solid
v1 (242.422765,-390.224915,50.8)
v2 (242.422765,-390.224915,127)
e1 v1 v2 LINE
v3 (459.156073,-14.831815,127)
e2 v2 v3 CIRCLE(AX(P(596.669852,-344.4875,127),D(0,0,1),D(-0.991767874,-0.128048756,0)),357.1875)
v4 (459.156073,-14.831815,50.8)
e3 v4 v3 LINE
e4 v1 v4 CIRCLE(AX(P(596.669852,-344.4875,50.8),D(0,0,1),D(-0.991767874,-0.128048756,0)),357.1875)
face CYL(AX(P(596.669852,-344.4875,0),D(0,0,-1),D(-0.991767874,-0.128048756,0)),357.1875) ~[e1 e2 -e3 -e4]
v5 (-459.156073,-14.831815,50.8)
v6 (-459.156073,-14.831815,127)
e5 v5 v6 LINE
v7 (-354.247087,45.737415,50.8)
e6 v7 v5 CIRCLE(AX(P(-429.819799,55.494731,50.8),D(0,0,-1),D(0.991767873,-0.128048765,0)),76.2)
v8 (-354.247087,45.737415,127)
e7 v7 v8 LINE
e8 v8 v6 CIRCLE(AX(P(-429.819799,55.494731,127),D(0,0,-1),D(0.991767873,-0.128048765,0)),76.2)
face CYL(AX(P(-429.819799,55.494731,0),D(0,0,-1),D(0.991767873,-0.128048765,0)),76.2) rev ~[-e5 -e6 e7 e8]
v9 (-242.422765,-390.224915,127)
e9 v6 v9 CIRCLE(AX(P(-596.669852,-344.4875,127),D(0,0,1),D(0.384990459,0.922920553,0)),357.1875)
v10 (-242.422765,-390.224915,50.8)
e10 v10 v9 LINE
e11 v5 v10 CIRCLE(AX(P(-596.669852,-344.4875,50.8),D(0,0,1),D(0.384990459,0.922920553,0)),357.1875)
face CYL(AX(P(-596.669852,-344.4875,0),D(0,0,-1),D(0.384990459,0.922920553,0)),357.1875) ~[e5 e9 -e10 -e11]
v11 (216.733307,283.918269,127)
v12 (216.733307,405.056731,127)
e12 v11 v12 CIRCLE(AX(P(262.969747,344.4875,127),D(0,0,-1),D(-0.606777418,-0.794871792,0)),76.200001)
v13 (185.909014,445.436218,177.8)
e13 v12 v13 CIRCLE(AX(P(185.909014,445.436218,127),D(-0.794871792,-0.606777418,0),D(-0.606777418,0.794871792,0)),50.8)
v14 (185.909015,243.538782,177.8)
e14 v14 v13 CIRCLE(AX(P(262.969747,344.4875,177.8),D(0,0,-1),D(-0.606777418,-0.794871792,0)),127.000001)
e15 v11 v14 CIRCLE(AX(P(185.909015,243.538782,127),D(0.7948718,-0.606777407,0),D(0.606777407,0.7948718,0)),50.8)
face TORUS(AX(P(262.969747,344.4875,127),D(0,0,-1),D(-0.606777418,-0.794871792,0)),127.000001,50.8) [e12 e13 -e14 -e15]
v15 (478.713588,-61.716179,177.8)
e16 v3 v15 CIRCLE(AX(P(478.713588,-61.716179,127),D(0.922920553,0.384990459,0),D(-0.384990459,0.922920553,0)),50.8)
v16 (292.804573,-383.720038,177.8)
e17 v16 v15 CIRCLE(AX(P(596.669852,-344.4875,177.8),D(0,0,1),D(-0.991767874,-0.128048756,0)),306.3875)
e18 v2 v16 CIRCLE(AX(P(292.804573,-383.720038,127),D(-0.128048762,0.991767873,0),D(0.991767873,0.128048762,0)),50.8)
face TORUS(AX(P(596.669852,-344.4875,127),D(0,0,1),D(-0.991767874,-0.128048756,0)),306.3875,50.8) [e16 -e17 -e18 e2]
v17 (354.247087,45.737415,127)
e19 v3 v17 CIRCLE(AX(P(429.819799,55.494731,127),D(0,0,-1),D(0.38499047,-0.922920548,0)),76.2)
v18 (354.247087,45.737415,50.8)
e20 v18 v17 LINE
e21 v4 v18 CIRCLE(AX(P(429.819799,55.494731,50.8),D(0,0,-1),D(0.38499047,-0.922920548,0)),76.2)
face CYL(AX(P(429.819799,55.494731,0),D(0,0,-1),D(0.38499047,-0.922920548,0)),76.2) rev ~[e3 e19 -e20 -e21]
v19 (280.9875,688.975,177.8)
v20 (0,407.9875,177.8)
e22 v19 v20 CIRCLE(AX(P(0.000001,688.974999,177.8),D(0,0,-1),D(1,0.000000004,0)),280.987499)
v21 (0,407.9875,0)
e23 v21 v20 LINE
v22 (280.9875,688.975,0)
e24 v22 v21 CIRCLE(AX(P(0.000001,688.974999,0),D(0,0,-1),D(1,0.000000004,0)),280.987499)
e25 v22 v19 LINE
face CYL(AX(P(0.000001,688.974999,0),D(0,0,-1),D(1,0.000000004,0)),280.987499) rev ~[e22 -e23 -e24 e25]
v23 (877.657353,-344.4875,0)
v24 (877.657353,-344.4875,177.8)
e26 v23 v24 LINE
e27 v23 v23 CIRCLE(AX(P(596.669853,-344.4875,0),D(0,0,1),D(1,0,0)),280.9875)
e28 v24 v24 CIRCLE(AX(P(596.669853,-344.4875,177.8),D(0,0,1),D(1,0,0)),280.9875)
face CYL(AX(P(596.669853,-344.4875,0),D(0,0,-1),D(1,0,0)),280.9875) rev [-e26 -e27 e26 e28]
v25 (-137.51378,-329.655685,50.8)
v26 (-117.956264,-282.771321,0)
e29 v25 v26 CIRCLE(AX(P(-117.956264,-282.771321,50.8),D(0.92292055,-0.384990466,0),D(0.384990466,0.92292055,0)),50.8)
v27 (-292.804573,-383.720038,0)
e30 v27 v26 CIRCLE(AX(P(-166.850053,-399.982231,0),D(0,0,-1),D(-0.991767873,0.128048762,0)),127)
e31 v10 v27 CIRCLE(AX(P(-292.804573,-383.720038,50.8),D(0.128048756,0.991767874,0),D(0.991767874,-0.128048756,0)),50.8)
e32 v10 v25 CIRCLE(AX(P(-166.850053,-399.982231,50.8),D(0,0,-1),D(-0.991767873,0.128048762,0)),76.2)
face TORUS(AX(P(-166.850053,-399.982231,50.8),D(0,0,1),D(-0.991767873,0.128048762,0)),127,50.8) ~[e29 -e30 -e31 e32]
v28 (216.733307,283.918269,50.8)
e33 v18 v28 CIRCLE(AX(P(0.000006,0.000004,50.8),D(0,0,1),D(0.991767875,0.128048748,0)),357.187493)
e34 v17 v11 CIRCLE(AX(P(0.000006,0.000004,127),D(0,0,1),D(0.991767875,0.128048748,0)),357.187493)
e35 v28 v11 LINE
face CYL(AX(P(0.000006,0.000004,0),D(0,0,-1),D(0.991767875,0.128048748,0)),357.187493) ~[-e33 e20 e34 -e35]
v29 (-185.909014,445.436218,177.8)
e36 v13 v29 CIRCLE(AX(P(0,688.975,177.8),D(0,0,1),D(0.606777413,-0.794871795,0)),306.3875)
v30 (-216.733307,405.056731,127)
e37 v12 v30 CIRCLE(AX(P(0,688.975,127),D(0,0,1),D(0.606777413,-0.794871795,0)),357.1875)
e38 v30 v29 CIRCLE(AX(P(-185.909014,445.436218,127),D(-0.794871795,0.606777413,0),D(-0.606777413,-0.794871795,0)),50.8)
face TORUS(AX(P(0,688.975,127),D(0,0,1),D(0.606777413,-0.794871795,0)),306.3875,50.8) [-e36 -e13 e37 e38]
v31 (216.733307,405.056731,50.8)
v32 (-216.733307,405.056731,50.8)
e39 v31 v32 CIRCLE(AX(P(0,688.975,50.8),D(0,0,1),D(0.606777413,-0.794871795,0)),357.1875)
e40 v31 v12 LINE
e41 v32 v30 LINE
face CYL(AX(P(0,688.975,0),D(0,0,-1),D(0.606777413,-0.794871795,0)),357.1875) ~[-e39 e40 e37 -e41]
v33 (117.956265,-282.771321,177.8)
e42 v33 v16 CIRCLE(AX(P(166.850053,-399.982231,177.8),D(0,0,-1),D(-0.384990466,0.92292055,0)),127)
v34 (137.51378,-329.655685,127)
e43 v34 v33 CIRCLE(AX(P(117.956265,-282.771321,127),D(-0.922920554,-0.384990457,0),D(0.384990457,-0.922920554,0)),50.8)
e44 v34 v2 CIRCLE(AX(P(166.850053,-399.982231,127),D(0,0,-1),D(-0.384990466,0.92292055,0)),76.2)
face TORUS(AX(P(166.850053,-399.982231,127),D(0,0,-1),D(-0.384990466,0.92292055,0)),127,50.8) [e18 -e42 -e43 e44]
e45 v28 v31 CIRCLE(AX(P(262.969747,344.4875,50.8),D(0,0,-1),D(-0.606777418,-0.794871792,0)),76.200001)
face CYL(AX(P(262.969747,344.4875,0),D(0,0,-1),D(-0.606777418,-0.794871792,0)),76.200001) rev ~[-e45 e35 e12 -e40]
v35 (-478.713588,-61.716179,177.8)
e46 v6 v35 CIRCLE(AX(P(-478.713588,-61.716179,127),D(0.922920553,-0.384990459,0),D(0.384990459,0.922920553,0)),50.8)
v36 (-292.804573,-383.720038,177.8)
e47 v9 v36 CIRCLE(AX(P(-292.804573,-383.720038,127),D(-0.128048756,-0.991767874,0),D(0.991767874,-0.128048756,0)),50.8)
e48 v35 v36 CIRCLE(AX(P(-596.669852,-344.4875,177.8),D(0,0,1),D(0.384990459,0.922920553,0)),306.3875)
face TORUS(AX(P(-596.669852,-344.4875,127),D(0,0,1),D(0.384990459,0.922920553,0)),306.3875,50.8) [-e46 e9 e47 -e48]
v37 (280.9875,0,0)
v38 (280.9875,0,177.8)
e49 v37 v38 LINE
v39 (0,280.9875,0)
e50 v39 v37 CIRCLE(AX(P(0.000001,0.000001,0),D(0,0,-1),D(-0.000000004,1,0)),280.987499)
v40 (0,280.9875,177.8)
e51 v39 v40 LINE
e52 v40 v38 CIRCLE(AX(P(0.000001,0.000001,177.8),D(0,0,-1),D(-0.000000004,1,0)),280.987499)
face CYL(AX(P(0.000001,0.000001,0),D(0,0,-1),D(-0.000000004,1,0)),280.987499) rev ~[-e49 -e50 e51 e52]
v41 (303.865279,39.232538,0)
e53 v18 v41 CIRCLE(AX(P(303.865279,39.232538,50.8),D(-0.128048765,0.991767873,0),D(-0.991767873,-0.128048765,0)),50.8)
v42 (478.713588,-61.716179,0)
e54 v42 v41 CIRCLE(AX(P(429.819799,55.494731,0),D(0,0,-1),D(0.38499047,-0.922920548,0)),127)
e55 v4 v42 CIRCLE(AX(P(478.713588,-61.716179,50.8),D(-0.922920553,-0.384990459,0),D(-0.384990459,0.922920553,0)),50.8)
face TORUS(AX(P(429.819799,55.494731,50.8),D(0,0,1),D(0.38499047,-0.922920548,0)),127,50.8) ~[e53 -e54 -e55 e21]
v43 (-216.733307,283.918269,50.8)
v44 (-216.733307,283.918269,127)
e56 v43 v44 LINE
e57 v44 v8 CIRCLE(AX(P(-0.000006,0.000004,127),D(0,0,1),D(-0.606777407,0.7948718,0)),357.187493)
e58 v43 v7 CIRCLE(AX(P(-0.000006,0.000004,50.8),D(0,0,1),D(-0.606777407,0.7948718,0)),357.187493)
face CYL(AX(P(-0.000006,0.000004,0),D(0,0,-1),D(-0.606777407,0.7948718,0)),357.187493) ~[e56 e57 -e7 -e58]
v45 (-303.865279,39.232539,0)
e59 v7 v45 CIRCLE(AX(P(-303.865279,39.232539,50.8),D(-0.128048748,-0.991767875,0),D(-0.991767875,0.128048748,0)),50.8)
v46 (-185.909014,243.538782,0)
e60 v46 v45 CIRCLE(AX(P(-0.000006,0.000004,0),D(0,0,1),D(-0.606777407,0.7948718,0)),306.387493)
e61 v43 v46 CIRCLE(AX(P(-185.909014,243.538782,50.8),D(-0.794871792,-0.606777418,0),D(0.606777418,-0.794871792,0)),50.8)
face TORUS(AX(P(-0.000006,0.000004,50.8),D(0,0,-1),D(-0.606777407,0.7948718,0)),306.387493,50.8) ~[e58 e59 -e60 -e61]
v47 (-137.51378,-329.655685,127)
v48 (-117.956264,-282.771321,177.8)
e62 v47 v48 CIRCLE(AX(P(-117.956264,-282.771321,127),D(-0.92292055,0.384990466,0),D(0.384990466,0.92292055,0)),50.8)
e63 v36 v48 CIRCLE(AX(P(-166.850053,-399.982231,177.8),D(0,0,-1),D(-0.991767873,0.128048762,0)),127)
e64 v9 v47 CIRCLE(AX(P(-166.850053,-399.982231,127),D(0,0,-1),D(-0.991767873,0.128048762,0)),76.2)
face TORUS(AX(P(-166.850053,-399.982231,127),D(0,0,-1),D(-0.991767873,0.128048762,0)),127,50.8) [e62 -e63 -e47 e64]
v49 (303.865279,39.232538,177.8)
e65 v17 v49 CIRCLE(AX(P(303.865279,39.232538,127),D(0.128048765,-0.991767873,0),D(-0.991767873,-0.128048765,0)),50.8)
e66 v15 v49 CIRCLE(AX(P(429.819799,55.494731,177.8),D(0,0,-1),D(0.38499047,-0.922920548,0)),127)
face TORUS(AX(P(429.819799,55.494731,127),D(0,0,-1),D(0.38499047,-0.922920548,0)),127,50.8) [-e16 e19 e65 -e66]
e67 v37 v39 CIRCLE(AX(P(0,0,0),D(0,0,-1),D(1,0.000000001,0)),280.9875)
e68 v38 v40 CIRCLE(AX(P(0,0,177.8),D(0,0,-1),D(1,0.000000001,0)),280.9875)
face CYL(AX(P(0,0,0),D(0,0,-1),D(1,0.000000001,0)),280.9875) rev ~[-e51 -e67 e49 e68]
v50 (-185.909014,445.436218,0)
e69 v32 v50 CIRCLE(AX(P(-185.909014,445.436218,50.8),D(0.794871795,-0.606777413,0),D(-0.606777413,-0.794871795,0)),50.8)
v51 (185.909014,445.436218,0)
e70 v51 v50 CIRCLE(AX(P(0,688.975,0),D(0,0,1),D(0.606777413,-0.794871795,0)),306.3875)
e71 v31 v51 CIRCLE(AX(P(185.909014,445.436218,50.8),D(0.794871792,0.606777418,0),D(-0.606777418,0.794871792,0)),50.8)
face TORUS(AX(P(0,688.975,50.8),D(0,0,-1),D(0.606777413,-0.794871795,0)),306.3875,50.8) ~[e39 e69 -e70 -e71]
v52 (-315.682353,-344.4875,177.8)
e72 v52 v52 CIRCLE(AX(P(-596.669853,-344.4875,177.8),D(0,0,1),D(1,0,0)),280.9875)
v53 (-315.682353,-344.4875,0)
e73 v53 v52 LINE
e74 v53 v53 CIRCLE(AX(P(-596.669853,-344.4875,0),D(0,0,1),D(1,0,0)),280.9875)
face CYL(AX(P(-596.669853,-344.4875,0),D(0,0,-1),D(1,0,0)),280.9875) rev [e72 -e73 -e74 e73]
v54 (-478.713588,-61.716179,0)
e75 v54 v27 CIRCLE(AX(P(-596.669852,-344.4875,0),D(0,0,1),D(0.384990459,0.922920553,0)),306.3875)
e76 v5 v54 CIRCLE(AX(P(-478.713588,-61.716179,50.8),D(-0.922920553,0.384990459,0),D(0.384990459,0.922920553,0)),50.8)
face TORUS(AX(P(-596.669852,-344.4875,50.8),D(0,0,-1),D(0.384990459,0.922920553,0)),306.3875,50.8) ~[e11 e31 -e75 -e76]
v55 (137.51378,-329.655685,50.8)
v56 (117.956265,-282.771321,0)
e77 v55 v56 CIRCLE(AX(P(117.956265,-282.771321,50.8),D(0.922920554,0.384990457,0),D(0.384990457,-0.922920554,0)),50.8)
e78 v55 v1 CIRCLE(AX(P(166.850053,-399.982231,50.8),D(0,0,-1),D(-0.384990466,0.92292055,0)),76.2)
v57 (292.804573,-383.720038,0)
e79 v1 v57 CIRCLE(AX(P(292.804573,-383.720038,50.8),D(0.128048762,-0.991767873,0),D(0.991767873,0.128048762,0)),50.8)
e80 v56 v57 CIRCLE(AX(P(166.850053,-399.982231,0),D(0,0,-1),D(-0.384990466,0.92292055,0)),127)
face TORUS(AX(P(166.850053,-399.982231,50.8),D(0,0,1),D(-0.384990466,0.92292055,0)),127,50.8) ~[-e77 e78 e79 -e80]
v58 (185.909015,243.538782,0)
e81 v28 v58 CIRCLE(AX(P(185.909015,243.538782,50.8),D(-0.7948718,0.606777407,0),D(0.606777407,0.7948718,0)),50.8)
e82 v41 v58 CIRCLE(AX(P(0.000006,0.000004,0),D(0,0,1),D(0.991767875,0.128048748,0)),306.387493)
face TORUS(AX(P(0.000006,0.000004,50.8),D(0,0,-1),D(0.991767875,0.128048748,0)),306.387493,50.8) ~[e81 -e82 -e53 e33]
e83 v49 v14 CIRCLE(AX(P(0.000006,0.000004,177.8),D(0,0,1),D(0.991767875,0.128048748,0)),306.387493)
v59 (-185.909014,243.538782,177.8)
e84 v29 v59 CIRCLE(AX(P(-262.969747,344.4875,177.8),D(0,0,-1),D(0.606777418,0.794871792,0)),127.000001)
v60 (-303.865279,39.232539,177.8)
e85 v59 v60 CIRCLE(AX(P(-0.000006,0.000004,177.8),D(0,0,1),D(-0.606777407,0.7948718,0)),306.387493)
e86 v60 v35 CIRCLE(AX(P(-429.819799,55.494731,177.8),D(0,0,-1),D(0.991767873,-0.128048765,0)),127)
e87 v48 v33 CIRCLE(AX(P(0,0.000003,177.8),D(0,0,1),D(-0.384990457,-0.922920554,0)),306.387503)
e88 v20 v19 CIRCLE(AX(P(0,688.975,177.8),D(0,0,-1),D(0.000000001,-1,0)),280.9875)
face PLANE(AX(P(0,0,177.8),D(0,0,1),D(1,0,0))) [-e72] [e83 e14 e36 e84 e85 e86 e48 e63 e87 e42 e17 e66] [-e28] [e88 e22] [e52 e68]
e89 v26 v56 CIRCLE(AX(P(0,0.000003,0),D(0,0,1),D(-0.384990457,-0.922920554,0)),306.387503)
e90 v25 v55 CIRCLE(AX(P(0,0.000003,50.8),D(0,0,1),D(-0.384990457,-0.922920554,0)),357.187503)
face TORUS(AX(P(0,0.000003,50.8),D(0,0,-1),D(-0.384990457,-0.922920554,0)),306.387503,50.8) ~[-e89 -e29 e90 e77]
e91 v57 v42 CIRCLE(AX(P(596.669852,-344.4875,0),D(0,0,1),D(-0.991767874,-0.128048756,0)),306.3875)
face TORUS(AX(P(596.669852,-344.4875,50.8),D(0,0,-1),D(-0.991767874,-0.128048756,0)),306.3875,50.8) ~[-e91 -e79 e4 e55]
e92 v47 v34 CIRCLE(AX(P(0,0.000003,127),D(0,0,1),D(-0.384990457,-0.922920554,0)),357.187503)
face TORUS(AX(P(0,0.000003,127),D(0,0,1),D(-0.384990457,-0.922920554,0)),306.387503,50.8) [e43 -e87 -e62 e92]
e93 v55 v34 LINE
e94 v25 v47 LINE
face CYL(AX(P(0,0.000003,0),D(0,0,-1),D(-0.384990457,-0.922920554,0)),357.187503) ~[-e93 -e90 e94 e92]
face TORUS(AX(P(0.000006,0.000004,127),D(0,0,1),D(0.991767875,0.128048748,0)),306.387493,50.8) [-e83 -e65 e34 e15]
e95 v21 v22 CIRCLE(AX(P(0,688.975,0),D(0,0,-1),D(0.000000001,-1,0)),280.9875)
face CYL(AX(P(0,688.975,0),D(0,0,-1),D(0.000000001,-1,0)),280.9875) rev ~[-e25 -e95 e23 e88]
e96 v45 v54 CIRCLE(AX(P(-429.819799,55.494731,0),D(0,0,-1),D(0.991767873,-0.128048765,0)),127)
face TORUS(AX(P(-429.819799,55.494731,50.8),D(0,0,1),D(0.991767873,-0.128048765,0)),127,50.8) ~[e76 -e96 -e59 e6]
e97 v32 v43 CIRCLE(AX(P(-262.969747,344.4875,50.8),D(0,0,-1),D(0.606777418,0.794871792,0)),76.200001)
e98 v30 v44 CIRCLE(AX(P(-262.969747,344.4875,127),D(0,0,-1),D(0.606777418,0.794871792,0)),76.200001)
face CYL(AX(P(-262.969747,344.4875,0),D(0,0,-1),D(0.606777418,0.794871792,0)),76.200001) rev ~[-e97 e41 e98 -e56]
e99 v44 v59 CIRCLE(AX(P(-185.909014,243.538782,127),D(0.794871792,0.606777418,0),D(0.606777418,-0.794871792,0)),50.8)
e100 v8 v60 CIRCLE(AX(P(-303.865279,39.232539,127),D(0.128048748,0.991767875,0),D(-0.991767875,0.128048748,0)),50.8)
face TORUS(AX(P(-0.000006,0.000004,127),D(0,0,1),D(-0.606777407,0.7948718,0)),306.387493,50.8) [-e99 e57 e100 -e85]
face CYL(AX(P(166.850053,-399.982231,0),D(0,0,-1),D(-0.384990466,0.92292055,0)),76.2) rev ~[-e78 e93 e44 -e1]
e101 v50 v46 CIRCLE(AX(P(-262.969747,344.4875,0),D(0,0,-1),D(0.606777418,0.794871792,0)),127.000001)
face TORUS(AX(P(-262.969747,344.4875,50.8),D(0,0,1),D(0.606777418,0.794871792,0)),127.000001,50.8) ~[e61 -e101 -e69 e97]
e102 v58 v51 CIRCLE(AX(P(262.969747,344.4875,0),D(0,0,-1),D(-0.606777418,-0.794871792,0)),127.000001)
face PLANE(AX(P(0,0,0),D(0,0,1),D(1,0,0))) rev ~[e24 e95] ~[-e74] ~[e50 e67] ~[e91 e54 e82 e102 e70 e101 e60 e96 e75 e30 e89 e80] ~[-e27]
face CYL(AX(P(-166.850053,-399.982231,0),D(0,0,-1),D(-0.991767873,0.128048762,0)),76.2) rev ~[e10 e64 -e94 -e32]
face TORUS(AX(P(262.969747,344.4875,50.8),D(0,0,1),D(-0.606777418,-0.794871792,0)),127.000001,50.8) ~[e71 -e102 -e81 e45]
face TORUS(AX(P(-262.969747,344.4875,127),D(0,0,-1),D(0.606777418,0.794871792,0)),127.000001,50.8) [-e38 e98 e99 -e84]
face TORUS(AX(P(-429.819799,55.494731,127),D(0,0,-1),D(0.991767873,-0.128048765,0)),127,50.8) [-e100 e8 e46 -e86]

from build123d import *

# Parameters (mm, degrees)
F0_R     = 280.9875
F1_DEPTH = 177.8
F2_R     = 50.8


with BuildPart() as f1:
    # F0 (on Top) → F1 (new body)
    with BuildSketch(Plane.XY):
        with BuildLine():
            ThreePointArc((-216.733307, 405.056731), (-186.769746, 344.4875), (-216.733307, 283.918269))
            ThreePointArc((-216.733307, 283.918269), (-309.333449, 178.59375), (-354.247087, 45.737415))
            ThreePointArc((-354.247087, 45.737415), (-391.719799, -10.496405), (-459.156073, -14.831815))
            ThreePointArc((-459.156073, -14.831815), (-906.003301, -523.08125), (-242.422765, -390.224915))
            ThreePointArc((-242.422765, -390.224915), (-204.950053, -333.991095), (-137.51378, -329.655685))
            ThreePointArc((-137.51378, -329.655685), (0, -357.1875), (137.51378, -329.655685))
            ThreePointArc((137.51378, -329.655685), (204.950053, -333.991095), (242.422765, -390.224915))
            ThreePointArc((242.422765, -390.224915), (906.003301, -523.08125), (459.156073, -14.831815))
            ThreePointArc((459.156073, -14.831815), (391.719799, -10.496405), (354.247087, 45.737415))
            ThreePointArc((354.247087, 45.737415), (309.333449, 178.59375), (216.733307, 283.918269))
            ThreePointArc((216.733307, 283.918269), (186.769746, 344.4875), (216.733307, 405.056731))
            ThreePointArc((216.733307, 405.056731), (0, 1046.1625), (-216.733307, 405.056731))
        make_face()
        with Locations((-596.669853, -344.4875)):
            Circle(F0_R, mode=Mode.SUBTRACT)
        with Locations((596.669853, -344.4875)):
            Circle(F0_R, mode=Mode.SUBTRACT)
        with BuildLine():
            ThreePointArc((0, 280.9875), (198.688167, 198.688167), (280.9875, 0))
            ThreePointArc((280.9875, 0), (-198.688167, -198.688167), (0, 280.9875))
        make_face(mode=Mode.SUBTRACT)
        with BuildLine():
            ThreePointArc((280.9875, 688.975), (198.688167, 490.286833), (0, 407.9875))
            ThreePointArc((0, 407.9875), (-198.688167, 887.663167), (280.9875, 688.975))
        make_face(mode=Mode.SUBTRACT)
    extrude(amount=F1_DEPTH)

    # F2
    f2_edges = [f1.edges().sort_by_distance(p)[0] for p in [
        (-906.003301, -523.08125, 177.8),
        (-906.003301, -523.08125, 0),
    ]]
    fillet(f2_edges, radius=F2_R)


solid = f1.part
